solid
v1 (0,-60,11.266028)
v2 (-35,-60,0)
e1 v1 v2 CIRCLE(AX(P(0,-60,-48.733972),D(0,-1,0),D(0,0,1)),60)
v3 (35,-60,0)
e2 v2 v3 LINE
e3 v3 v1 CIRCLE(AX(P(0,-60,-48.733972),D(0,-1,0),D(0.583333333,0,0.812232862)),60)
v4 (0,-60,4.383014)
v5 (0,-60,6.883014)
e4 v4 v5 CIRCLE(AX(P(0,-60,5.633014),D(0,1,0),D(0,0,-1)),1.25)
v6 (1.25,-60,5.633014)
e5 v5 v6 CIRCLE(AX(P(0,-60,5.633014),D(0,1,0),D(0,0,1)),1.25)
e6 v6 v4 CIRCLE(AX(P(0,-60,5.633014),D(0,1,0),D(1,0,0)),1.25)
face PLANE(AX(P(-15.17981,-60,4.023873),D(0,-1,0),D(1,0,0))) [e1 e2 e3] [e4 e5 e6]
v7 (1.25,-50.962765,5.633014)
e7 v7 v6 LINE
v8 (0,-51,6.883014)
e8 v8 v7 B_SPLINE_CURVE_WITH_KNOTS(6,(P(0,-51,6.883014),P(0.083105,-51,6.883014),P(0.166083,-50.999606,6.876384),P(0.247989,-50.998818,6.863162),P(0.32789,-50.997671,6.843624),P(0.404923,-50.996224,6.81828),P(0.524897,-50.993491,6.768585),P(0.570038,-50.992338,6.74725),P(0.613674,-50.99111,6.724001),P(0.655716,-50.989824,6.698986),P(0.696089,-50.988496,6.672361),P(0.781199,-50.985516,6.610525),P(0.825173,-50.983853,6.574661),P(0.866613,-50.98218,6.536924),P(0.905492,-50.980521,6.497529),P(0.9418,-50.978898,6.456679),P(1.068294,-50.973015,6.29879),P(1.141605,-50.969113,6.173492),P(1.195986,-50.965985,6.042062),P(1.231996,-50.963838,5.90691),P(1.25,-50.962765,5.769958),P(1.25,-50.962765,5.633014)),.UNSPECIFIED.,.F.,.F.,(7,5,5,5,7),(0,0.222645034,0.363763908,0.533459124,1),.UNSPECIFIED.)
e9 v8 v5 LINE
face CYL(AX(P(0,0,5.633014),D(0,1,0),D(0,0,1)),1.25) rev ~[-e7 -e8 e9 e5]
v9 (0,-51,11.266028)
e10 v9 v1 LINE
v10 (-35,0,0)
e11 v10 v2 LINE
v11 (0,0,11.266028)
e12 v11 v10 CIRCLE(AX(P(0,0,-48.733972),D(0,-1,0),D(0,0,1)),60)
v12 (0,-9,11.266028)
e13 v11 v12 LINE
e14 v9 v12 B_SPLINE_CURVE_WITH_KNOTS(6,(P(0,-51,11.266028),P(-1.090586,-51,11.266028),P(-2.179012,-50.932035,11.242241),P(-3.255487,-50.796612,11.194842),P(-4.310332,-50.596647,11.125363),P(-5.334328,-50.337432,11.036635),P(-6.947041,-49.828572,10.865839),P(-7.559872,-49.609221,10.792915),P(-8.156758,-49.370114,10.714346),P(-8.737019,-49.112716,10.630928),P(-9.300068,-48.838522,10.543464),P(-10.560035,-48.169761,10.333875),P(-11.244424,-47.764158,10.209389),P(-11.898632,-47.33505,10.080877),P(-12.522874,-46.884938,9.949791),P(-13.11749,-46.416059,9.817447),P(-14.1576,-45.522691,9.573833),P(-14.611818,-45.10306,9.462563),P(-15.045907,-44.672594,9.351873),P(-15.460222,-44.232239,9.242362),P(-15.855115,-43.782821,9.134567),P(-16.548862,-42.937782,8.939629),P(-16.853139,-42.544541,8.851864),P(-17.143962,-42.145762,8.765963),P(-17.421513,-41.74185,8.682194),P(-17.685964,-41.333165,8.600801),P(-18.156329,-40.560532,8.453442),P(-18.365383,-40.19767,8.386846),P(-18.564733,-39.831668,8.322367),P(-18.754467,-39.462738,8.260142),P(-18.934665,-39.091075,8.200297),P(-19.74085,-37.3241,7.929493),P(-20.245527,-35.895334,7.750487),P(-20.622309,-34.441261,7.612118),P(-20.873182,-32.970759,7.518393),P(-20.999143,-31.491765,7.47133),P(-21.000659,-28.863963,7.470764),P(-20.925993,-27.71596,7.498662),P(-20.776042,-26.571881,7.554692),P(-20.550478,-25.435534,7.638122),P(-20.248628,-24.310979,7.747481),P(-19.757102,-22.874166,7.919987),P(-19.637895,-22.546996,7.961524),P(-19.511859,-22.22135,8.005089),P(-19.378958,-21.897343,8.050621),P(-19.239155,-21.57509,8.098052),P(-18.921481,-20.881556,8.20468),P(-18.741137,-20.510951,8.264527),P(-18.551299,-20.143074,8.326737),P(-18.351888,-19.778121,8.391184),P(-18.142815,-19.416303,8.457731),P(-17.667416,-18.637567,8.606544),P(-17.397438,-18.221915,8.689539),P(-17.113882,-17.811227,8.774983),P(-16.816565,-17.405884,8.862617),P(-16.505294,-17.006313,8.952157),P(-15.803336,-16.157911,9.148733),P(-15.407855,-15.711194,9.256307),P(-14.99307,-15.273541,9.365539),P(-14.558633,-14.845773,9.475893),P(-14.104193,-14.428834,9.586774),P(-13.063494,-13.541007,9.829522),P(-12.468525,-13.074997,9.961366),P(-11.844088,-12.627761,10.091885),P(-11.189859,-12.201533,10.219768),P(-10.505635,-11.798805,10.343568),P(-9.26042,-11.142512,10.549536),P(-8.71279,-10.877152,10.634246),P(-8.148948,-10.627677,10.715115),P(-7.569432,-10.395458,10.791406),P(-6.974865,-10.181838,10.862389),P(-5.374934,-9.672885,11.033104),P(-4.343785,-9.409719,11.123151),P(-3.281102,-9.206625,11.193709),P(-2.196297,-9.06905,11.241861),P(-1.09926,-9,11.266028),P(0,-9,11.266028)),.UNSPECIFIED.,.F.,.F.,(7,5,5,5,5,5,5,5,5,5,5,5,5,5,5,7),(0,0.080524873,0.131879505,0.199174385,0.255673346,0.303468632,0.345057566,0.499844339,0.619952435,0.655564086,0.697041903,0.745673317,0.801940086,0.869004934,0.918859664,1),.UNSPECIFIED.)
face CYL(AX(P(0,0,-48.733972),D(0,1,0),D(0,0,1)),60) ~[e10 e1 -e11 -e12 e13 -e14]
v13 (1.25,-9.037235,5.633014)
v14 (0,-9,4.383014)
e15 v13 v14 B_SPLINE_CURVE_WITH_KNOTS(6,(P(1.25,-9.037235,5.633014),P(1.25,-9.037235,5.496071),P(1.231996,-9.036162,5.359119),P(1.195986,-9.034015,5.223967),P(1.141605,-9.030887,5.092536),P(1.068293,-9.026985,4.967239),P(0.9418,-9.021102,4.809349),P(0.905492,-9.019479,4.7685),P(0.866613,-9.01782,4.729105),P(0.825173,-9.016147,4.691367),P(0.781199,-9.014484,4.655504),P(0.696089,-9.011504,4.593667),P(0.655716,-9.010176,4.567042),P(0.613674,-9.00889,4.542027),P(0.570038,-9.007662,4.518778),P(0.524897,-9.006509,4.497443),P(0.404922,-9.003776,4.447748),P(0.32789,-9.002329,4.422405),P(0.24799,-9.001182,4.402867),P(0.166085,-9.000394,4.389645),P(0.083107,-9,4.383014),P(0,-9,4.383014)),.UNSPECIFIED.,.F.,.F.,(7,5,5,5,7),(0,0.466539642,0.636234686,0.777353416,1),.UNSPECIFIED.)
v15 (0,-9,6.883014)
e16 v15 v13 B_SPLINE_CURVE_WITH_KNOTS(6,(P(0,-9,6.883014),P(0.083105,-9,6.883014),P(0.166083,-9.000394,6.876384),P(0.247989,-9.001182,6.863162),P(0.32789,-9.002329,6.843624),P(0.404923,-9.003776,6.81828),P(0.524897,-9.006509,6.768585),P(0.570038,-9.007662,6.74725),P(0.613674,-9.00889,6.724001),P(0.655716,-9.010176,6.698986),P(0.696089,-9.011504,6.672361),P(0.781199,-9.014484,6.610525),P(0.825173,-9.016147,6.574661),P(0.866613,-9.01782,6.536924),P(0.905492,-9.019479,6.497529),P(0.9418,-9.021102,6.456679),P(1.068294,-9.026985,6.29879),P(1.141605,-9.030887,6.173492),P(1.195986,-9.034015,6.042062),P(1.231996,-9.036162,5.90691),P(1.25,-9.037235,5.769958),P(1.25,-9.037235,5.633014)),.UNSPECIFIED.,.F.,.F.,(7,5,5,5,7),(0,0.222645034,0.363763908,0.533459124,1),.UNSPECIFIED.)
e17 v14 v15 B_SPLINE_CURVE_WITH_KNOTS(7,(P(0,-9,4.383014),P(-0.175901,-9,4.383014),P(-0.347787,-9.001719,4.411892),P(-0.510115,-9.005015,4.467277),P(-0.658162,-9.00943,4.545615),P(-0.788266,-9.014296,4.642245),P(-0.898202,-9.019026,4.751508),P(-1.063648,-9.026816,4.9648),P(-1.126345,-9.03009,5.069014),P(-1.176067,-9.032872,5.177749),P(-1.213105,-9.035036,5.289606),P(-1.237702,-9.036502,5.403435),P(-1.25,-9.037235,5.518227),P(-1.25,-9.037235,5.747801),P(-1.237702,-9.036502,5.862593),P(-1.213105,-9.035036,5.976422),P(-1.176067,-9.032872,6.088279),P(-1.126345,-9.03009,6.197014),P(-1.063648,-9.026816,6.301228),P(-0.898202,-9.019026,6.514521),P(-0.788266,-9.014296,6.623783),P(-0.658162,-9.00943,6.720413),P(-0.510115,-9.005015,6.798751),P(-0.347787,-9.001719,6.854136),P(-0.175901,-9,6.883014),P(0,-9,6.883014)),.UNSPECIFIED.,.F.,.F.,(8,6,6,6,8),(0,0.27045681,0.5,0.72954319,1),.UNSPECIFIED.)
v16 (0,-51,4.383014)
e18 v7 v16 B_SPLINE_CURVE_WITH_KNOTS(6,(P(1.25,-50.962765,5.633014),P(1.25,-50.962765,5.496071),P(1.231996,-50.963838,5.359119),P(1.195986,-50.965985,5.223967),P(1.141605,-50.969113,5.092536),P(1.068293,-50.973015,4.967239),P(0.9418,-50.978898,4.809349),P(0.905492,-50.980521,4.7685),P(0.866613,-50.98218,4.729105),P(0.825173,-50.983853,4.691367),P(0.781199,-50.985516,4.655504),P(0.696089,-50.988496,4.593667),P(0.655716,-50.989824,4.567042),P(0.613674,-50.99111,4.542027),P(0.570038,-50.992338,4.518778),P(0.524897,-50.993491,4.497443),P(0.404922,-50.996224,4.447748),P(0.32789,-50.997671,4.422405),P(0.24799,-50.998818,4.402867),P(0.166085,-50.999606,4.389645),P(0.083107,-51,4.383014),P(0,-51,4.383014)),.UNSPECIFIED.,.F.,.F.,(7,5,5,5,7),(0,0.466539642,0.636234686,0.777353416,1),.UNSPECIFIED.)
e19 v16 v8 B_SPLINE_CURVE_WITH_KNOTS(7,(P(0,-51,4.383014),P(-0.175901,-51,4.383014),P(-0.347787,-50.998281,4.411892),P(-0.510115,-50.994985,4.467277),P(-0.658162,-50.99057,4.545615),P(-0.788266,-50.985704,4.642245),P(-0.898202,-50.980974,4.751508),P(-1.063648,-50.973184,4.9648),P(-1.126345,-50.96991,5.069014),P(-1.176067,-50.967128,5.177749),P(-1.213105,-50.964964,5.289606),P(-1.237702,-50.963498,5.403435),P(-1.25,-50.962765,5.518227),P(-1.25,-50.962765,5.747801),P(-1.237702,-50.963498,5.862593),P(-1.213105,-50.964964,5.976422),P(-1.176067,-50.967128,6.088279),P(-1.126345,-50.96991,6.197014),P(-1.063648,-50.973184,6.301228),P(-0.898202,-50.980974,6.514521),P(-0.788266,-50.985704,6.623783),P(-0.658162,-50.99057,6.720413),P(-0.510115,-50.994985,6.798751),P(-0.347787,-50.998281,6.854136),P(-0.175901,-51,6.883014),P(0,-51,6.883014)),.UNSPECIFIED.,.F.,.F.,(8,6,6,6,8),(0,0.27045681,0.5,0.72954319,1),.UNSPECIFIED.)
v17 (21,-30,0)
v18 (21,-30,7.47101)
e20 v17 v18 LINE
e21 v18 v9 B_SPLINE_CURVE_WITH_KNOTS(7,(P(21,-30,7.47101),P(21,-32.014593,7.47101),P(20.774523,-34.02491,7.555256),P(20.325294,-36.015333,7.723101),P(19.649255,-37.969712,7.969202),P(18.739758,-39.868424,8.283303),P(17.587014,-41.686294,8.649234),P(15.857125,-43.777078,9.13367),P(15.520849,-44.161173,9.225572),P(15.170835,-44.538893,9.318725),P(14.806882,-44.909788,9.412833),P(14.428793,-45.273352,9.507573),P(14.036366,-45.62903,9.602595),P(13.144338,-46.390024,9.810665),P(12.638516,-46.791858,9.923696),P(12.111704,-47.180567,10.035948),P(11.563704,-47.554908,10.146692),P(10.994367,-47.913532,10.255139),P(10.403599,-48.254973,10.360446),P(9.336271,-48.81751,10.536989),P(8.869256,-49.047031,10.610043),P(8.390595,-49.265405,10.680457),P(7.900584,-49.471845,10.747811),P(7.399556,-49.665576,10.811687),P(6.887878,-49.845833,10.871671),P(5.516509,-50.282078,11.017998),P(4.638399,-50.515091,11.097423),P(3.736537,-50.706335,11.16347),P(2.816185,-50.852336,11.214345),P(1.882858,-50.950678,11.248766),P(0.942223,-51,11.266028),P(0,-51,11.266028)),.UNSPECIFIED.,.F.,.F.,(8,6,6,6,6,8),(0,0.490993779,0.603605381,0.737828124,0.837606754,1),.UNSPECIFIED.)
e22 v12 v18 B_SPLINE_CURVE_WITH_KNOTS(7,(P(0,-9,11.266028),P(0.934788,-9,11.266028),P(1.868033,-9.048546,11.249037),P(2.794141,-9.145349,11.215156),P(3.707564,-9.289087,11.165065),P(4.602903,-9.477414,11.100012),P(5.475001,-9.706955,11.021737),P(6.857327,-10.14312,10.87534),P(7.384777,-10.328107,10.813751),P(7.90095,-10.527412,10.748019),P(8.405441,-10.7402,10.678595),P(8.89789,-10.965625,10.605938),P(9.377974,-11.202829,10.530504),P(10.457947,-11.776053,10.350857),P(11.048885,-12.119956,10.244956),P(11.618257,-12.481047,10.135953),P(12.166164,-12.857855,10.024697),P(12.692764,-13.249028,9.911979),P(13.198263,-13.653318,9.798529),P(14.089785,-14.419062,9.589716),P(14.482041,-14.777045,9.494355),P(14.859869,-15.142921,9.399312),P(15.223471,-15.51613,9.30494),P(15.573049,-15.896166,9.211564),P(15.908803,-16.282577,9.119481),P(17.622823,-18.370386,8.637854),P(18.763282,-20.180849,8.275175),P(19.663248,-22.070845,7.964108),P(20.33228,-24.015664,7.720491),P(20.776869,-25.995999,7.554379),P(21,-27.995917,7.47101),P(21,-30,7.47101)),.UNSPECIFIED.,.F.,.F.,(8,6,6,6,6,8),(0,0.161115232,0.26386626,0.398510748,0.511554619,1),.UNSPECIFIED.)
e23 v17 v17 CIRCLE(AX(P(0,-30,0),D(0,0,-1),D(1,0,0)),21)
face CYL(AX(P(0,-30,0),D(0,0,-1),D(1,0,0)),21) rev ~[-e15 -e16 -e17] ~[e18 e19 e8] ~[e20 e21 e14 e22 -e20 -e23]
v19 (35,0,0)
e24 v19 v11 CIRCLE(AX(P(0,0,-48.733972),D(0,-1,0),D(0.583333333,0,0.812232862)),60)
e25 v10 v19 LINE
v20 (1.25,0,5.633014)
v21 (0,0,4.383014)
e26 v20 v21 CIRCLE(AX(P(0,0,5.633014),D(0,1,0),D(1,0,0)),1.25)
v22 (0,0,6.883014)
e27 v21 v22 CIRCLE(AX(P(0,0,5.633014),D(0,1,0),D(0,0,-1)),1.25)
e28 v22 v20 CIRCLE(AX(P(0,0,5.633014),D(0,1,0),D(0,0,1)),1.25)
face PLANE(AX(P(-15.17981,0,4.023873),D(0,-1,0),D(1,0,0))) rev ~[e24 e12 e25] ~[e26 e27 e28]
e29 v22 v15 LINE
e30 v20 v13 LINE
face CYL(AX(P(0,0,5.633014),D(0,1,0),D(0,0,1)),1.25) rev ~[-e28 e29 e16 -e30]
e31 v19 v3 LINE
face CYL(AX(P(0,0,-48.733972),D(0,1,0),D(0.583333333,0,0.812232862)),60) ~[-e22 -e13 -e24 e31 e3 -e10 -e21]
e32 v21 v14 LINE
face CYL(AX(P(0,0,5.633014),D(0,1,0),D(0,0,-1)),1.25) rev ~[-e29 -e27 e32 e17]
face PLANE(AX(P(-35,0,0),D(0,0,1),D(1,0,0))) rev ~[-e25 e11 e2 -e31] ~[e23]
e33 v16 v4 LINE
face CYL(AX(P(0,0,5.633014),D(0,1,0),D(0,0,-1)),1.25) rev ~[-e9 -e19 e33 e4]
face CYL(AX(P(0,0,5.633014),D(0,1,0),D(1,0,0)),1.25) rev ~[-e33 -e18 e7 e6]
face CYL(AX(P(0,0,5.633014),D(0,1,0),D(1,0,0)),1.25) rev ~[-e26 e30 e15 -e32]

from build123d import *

# Parameters (mm, degrees)
F1_DEPTH = 60
F2_R     = 21
F3_DEPTH = 25


with BuildPart() as f1:
    # F0 (on Front) → F1 (new body)
    with BuildSketch(Plane.XZ):
        with BuildLine():
            ThreePointArc((0, 11.266028276), (-18.3842554453, 8.3801171833), (-35, 0))
            Line((-35, 0), (0, 0))
            Line((0, 0), (0, 4.383014138))
            ThreePointArc((0, 4.383014138), (-1.25, 5.633014138), (0, 6.883014138))
            Line((0, 6.883014138), (0, 11.266028276))
        make_face()
        with BuildLine():
            Line((0, 0), (35, 0))
            ThreePointArc((35, 0), (18.3842554453, 8.3801171833), (0, 11.266028276))
            Line((0, 11.266028276), (0, 6.883014138))
            ThreePointArc((0, 6.883014138), (0.8838834765, 6.5168976145), (1.25, 5.633014138))
            ThreePointArc((1.25, 5.633014138), (0.8838834765, 4.7491306615), (0, 4.383014138))
            Line((0, 4.383014138), (0, 0))
        make_face()
    extrude(amount=F1_DEPTH)

    # F2 (on face) → F3 (cut)
    with BuildSketch(Plane(origin=(0, 0, 0), x_dir=(1, 0, 0), z_dir=(0, 0, -1))):
        with Locations((0, 30)):
            Circle(F2_R)
    extrude(amount=-F3_DEPTH, mode=Mode.SUBTRACT)


solid = f1.part
